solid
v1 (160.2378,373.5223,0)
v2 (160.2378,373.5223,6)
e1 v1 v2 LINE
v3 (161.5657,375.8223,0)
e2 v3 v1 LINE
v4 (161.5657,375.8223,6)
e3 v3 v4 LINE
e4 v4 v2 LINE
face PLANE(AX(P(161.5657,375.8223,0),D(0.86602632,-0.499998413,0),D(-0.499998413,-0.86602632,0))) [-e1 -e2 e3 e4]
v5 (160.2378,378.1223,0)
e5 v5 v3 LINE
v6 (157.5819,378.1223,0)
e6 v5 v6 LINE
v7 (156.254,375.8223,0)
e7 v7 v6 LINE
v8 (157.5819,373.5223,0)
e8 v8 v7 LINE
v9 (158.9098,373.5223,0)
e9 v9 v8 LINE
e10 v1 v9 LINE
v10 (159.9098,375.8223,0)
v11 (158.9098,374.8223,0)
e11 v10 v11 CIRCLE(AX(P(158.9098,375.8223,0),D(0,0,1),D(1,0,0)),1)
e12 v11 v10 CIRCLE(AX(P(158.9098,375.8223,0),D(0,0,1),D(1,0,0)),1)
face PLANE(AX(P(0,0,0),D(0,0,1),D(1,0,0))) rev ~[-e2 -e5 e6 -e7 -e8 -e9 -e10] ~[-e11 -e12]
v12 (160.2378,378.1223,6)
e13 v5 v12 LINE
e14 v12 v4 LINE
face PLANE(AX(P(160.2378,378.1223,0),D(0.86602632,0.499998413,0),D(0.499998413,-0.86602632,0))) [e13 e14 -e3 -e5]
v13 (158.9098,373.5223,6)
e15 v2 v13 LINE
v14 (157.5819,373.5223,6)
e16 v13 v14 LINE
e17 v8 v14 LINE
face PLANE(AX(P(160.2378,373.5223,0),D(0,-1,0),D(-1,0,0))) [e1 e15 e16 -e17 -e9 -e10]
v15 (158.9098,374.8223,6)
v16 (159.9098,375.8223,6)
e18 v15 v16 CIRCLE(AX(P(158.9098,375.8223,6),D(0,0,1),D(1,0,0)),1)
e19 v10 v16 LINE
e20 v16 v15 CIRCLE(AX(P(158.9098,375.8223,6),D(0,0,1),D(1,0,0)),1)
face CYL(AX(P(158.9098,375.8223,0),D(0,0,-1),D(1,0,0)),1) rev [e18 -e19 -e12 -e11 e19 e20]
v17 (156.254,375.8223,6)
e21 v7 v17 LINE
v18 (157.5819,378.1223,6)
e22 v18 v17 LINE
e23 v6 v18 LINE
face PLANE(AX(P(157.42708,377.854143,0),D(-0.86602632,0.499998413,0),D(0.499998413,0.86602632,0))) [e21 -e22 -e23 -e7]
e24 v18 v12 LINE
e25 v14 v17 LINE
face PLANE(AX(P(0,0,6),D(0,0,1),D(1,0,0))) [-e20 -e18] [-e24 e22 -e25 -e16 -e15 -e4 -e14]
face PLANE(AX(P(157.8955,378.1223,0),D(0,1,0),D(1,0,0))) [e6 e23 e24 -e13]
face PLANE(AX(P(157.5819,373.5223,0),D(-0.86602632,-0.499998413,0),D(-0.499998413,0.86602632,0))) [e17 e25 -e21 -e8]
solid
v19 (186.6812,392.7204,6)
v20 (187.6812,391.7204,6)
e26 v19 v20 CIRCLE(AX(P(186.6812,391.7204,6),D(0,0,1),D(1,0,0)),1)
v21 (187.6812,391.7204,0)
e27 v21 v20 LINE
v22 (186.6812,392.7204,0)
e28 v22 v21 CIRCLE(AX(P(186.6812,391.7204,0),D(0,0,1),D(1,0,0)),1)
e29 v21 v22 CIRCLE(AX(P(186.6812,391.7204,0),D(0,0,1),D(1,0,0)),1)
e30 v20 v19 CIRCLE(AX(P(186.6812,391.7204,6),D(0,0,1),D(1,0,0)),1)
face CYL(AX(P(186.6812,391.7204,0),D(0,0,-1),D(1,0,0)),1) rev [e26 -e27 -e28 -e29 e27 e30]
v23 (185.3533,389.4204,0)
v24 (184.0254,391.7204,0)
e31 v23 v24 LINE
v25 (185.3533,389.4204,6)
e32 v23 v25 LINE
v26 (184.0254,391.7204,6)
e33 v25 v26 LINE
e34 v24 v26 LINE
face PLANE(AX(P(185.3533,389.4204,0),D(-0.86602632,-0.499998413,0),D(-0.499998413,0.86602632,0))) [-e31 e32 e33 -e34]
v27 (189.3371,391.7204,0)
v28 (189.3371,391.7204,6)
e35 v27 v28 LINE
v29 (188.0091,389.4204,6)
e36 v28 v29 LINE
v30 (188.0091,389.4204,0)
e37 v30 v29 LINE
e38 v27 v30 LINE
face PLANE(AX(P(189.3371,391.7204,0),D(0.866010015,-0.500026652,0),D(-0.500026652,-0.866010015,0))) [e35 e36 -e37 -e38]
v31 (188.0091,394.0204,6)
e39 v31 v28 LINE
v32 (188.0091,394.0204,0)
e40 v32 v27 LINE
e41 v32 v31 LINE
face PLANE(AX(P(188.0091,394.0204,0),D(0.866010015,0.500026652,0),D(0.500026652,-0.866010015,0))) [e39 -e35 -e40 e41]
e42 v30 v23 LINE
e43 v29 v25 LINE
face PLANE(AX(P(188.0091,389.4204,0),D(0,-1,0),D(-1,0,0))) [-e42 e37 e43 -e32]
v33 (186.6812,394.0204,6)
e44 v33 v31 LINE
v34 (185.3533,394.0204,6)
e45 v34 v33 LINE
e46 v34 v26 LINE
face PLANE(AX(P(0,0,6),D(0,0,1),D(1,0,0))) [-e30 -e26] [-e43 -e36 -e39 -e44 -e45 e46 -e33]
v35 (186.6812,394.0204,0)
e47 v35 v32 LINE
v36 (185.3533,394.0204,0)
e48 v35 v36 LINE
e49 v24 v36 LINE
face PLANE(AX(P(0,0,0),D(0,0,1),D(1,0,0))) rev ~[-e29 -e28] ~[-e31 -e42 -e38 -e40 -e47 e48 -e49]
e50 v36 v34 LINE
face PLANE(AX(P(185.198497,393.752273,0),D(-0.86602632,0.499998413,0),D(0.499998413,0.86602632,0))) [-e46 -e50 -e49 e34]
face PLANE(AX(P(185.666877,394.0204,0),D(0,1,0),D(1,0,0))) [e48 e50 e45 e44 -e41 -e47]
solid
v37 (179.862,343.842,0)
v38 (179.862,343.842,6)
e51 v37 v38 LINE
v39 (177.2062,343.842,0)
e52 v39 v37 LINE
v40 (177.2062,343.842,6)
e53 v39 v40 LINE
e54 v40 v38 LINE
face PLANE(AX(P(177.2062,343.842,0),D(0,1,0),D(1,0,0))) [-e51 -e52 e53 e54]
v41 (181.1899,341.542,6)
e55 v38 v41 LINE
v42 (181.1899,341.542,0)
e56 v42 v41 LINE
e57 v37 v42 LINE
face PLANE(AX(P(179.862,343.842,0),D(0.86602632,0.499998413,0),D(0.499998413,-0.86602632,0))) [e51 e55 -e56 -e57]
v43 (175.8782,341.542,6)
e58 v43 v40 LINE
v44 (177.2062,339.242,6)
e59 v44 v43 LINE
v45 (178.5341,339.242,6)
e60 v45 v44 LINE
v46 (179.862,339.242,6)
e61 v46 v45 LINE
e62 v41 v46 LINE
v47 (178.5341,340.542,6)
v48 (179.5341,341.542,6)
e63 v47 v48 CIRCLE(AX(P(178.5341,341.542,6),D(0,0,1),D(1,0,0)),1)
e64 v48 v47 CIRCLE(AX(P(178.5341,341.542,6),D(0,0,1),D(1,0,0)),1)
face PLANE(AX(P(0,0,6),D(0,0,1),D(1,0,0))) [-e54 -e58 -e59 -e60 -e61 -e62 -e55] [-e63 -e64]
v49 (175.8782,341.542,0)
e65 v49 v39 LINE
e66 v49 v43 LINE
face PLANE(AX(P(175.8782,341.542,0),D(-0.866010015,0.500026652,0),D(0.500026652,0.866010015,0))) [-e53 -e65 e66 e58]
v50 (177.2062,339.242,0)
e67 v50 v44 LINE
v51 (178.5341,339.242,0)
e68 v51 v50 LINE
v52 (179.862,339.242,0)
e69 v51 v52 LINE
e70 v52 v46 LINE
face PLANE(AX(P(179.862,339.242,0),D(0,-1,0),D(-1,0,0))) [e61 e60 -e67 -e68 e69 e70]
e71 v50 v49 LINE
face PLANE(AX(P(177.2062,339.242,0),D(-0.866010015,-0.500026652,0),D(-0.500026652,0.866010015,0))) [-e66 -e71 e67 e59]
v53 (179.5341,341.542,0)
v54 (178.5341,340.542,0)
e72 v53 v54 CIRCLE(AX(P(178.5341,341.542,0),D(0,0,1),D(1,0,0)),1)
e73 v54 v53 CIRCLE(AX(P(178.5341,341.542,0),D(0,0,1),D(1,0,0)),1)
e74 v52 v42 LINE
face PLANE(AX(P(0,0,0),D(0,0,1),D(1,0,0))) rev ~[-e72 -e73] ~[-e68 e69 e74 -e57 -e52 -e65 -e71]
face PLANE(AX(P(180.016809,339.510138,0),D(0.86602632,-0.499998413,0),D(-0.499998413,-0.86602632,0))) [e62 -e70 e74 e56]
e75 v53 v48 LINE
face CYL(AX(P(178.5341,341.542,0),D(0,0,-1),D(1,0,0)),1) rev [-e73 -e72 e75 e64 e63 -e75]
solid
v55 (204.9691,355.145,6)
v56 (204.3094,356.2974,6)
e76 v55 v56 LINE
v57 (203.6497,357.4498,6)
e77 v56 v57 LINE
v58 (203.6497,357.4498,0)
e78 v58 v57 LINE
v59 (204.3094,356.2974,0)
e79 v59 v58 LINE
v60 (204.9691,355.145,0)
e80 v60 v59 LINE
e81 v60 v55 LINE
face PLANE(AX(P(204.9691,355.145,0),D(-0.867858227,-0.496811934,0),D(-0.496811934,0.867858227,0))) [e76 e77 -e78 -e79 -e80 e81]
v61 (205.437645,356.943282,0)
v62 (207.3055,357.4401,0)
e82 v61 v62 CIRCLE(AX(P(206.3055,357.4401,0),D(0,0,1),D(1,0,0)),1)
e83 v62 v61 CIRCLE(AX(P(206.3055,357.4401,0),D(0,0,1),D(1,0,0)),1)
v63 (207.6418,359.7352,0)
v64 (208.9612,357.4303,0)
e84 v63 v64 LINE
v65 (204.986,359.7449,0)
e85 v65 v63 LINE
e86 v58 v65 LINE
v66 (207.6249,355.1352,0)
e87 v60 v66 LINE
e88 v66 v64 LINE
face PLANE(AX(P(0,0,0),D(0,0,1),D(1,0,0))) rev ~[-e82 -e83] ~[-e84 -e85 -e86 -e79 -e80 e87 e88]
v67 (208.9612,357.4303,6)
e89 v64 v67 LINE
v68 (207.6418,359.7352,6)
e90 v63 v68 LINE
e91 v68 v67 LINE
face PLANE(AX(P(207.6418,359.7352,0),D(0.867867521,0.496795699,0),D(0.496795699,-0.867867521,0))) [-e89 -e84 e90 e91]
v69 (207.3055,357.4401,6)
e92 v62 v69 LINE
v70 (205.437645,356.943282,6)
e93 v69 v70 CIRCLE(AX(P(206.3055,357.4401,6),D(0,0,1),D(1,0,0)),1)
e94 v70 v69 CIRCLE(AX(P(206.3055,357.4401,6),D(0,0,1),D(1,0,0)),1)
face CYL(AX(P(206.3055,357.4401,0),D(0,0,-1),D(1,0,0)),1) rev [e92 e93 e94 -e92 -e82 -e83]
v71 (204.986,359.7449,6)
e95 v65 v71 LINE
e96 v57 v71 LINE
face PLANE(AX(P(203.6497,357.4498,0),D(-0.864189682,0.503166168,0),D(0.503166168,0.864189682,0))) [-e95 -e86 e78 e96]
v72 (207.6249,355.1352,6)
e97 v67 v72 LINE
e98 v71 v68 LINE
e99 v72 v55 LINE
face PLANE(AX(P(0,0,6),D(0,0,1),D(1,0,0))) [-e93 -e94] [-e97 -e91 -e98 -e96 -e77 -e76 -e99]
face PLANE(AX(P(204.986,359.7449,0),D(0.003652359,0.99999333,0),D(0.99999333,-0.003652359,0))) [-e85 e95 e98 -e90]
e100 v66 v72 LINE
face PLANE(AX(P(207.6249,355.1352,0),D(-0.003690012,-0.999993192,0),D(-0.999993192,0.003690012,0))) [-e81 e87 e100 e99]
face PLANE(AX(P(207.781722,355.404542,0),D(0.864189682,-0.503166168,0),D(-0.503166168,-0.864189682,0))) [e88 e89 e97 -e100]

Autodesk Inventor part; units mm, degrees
ref_plane "YZ Plane" through (0, 0, 0) normal (1, 0, 0) x (0, 1, 0)
ref_plane "XZ Plane" through (0, 0, 0) normal (0, 1, 0) x (-1, 0, 0)
ref_plane "XY Plane" through (0, 0, 0) normal (0, 0, 1) x (1, 0, 0)
sketch "Эскиз1" plane through (0, 0, 0) normal (0, 0, 1) x (1, 0, 0)
  line L0 (188.3541, 393.8303) -> (208.9719, 357.8143) projected
  arc A0 (188.3541, 393.8303) -> (186.3071, 394.3869) centre (187.0523, 393.0851) ccw projected
  line L1 (179.4451, 390.4587) -> (186.3071, 394.3869) projected
  line L2 (183.1303, 384.0212) -> (179.4451, 390.4587) projected
  line L3 (182.954, 383.9203) -> (183.1303, 384.0212) projected
  line L4 (179.2688, 390.3577) -> (182.954, 383.9203) projected
  line L5 (163.8383, 381.5243) -> (179.2688, 390.3577) projected
  line L6 (167.5235, 375.0869) -> (163.8383, 381.5243) projected
  line L7 (167.3471, 374.9859) -> (167.5235, 375.0869) projected
  line L8 (163.6619, 381.4234) -> (167.3471, 374.9859) projected
  line L9 (156.7999, 377.4951) -> (163.6619, 381.4234) projected
  arc A1 (156.7999, 377.4951) -> (156.2434, 375.4481) centre (157.5452, 376.1933) ccw projected
  line L10 (157.9982, 372.3827) -> (156.2434, 375.4481) projected
  arc A2 (157.9982, 372.3827) -> (161.0468, 371.2843) centre (160.1679, 373.6247) ccw projected
  line L11 (175.7028, 345.6825) -> (161.0468, 371.2843) projected
  arc A3 (175.7028, 345.6825) -> (175.1064, 342.4975) centre (177.276, 343.7396) ccw projected
  line L12 (176.8612, 339.4321) -> (175.1064, 342.4975) projected
  arc A4 (176.8612, 339.4321) -> (178.9082, 338.8755) centre (178.163, 340.1773) ccw projected
  line L13 (208.4154, 355.7673) -> (178.9082, 338.8755) projected
  arc A5 (208.4154, 355.7673) -> (208.9719, 357.8143) centre (207.6701, 357.069) ccw projected
  circle A6 centre (178.5341, 341.542) radius 1 projected
  circle A7 centre (188.1353, 346.7502) radius 0.4445 projected
  circle A8 centre (190.3396, 348.0122) radius 0.4445 projected
  circle A9 centre (206.3055, 357.4401) radius 1 projected
  circle A10 centre (194.7483, 350.536) radius 0.4445 projected
  circle A11 centre (158.9098, 375.8223) radius 1 projected
  circle A12 centre (192.544, 349.2741) radius 0.4445 projected
  circle A13 centre (196.9527, 351.7979) radius 0.4445 projected
  circle A14 centre (199.157, 353.0598) radius 0.4445 projected
  circle A15 centre (186.6812, 391.7204) radius 1 projected
  line L14 (182.8151, 357.3203) -> (174.7893, 371.34) projected
  line L15 (182.7868, 357.2163) -> (182.8151, 357.3203) projected
  line L16 (183.8468, 355.3646) -> (182.7868, 357.2163) projected
  line L17 (180.915, 353.6863) -> (183.8468, 355.3646) projected
  line L18 (180.915, 353.6863) -> (181.4829, 352.6943) projected
  line L19 (181.4829, 352.6943) -> (179.7635, 351.71) projected
  line L20 (179.7635, 351.71) -> (178.0978, 354.6198) projected
  line L21 (178.0978, 354.6198) -> (178.6268, 354.9226) projected
  line L22 (170.6137, 368.9203) -> (178.6268, 354.9226) projected
  line L23 (170.6137, 368.9203) -> (170.0846, 368.6174) projected
  line L24 (170.0846, 368.6174) -> (168.4189, 371.5272) projected
  line L25 (168.4189, 371.5272) -> (170.1383, 372.5115) projected
  line L26 (170.1383, 372.5115) -> (170.6935, 371.5415) projected
  line L27 (173.6694, 373.2451) -> (170.6935, 371.5415) projected
  line L28 (173.6411, 373.1411) -> (173.6694, 373.2451) projected
  line L29 (174.7011, 371.2895) -> (173.6411, 373.1411) projected
  line L30 (174.7893, 371.34) -> (174.7011, 371.2895) projected
  circle A16 centre (185.9309, 345.4883) radius 0.4445 projected
  line L31 (186.6812, 391.7204) -> (186.6812, 394.0204)
  line L32 (206.3055, 357.4401) -> (204.3094, 356.2974)
  line L33 (158.9098, 375.8223) -> (158.9098, 373.5223)
  line L34 (178.5341, 341.542) -> (178.5341, 339.242)
  line L35 (157.5819, 373.5223) -> (156.254, 375.8223)
  line L36 (156.254, 375.8223) -> (157.5819, 378.1223)
  line L37 (157.5819, 378.1223) -> (160.2378, 378.1223)
  line L38 (160.2378, 378.1223) -> (161.5657, 375.8223)
  line L39 (161.5657, 375.8223) -> (160.2378, 373.5223)
  line L40 (160.2378, 373.5223) -> (157.5819, 373.5223)
  line L41 (188.0091, 394.0204) -> (189.3371, 391.7204)
  line L42 (189.3371, 391.7204) -> (188.0091, 389.4204)
  line L43 (188.0091, 389.4204) -> (185.3533, 389.4204)
  line L44 (185.3533, 389.4204) -> (184.0254, 391.7204)
  line L45 (184.0254, 391.7204) -> (185.3533, 394.0204)
  line L46 (185.3533, 394.0204) -> (188.0091, 394.0204)
  line L47 (203.6497, 357.4498) -> (204.986, 359.7449)
  line L48 (204.986, 359.7449) -> (207.6418, 359.7352)
  line L49 (207.6418, 359.7352) -> (208.9612, 357.4303)
  line L50 (208.9612, 357.4303) -> (207.6249, 355.1352)
  line L51 (207.6249, 355.1352) -> (204.9691, 355.145)
  line L52 (204.9691, 355.145) -> (203.6497, 357.4498)
  line L53 (177.2062, 339.242) -> (175.8782, 341.542)
  line L54 (175.8782, 341.542) -> (177.2062, 343.842)
  line L55 (177.2062, 343.842) -> (179.862, 343.842)
  line L56 (179.862, 343.842) -> (181.1899, 341.542)
  line L57 (181.1899, 341.542) -> (179.862, 339.242)
  line L58 (179.862, 339.242) -> (177.2062, 339.242)
  point P0 (0, 0)
  dimension "d0" = 2.3
  dimension "d1" = 2.3
  dimension "d2" = 2.3
  dimension "d3" = 2.3
extrude "Выдавливание1" add sketch "Эскиз1" along normal blind 6 contours L46 L41 L42 L43 L44 L45 L1 | L1 L45 L46 | L50 L51 L13 | L13 L51 L52 L47 L48 L49 L50 | L57 L58 L13 | L13 L58 L53 L54 L55 L56 L57 | L37 L38 L39 L40 L35 L36 L9 | L9 L36 L37
properties part number "oled__stoyki"
